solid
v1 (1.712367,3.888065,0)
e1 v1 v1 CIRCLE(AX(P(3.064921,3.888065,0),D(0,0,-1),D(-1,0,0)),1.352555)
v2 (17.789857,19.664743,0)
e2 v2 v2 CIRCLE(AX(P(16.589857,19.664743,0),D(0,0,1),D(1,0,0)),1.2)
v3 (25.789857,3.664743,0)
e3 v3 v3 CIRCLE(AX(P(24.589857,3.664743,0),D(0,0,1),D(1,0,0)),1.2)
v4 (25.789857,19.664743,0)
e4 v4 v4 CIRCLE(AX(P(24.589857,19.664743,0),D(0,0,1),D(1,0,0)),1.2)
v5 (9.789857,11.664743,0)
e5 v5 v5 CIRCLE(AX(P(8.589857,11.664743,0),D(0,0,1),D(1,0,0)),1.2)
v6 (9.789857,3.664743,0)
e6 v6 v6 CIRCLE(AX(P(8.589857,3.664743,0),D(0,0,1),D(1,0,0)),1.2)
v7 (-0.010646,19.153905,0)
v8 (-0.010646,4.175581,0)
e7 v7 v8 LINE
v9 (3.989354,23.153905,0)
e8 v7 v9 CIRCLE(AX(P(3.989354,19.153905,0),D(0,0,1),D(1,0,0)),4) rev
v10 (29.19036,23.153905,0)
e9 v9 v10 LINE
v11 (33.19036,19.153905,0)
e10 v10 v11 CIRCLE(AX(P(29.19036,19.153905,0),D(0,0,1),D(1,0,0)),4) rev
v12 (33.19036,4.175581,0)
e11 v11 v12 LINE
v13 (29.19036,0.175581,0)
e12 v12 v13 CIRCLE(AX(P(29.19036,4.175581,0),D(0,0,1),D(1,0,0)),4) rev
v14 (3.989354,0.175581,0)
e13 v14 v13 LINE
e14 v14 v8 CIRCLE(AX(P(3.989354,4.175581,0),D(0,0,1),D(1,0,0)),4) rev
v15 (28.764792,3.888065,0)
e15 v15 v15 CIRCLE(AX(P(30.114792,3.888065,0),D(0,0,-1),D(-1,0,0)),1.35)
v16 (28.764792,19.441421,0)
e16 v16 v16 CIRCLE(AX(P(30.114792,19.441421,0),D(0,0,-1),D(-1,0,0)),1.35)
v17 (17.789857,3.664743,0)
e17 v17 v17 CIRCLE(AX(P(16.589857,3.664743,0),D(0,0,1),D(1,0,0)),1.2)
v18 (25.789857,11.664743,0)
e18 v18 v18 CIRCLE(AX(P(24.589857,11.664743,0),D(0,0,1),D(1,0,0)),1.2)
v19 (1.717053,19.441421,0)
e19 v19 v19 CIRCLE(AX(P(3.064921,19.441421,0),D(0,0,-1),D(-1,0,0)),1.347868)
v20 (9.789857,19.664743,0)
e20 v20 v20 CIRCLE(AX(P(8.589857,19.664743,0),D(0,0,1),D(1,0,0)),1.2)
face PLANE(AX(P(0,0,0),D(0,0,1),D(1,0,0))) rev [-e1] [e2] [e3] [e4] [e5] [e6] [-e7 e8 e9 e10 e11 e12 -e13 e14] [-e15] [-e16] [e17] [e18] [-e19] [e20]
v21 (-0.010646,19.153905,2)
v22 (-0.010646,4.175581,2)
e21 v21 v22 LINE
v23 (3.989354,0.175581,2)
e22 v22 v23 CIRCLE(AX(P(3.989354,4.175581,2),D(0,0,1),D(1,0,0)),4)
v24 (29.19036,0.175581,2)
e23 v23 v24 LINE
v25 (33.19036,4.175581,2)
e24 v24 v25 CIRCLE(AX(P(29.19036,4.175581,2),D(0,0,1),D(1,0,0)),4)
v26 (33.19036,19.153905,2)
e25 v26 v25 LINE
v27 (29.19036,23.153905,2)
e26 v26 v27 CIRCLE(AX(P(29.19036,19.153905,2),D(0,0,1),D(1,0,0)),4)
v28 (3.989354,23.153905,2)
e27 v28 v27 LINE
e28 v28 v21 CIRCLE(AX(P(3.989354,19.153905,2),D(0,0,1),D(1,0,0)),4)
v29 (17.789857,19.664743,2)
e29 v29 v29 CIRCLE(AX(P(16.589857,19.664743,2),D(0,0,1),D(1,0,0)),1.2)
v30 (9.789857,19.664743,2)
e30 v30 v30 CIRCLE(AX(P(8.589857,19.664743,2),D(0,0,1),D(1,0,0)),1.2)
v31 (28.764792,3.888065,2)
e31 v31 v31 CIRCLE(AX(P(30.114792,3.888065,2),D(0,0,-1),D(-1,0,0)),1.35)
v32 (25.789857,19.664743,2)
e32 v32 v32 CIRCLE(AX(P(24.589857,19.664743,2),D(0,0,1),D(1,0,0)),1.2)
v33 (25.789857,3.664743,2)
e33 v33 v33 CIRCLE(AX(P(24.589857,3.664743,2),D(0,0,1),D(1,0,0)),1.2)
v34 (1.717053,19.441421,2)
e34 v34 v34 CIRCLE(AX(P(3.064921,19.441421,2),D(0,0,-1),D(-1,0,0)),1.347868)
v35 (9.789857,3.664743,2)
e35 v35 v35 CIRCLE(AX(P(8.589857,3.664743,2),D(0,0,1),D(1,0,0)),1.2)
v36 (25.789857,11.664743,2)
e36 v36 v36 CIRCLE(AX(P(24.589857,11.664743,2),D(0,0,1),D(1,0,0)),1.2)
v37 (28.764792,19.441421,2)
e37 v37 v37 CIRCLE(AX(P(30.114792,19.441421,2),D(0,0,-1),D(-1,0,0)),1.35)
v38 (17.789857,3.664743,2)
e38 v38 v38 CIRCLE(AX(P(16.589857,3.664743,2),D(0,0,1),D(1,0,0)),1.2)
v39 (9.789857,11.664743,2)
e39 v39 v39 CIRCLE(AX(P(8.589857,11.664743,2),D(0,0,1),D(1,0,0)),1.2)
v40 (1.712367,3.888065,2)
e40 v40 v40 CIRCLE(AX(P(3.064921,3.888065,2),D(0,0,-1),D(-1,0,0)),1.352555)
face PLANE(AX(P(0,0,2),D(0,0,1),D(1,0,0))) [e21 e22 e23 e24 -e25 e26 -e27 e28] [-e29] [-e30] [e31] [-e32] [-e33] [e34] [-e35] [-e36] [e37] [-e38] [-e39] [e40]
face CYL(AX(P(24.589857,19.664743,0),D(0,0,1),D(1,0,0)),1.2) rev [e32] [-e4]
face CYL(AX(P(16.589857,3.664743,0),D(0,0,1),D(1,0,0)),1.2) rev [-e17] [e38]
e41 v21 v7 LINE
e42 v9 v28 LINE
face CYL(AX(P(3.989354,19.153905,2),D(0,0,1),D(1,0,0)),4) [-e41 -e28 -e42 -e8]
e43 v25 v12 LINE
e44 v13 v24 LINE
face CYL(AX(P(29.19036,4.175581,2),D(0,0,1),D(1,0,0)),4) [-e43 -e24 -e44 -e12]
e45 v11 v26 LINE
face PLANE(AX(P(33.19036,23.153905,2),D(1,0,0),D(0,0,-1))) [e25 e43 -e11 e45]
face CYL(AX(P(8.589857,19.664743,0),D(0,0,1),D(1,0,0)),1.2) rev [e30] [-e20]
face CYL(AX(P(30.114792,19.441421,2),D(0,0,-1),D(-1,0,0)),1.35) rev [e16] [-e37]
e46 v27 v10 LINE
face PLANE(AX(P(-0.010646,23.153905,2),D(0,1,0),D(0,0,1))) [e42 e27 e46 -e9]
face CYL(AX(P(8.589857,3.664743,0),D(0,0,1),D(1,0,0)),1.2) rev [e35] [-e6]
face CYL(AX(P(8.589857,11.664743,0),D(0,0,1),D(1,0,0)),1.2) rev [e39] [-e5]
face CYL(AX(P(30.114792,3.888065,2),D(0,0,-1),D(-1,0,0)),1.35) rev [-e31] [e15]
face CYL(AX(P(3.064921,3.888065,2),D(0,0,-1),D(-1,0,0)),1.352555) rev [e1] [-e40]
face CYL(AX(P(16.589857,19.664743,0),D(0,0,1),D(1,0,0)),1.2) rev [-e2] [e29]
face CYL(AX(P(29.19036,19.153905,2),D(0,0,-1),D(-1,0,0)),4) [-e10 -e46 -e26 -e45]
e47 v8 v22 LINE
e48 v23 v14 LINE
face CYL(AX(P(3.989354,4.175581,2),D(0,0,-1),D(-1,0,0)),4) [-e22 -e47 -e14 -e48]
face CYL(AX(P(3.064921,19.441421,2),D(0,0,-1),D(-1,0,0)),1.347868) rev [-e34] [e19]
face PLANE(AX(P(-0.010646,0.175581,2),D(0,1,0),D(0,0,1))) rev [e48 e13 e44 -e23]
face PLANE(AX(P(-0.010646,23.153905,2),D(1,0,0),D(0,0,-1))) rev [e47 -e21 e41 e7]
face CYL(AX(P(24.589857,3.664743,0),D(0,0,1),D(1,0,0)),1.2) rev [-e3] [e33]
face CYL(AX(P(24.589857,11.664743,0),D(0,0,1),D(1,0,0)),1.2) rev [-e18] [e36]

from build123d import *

# Parameters (mm, degrees)
CROQUIS1_W              = 33.201006025
CROQUIS1_H              = 22.978323476
SALIENTE_EXTRUIR1_DEPTH = 2
CROQUIS3_R              = 1.35
CROQUIS3_R_2            = 1.347868192
CROQUIS3_R_3            = 1.352554563
CORTAR_EXTRUIR2_DEPTH   = 41.51793761
REDONDEO2_R             = 4
REDONDEO3_R             = 4
CORTAR_EXTRUIR3_DEPTH   = 41.51793761


with BuildPart() as part:
    # Croquis1 → Saliente-Extruir1 (new body)
    with BuildSketch(Plane.XY):
        with Locations((16.58985656, 11.664742893)):
            Rectangle(CROQUIS1_W, CROQUIS1_H)
    extrude(amount=SALIENTE_EXTRUIR1_DEPTH)

    # Croquis3 → Cortar-Extruir2 (cut, through all)
    with BuildSketch(Plane(origin=(0, 0, 0), x_dir=(-1, 0, 0), z_dir=(0, 0, -1))):
        with Locations((-30.114791782, 19.441420757)):
            Circle(CROQUIS3_R)
        with Locations((-3.064921335, 19.441420756)):
            Circle(CROQUIS3_R_2)
        with Locations((-3.064921337, 3.888065031)):
            Circle(CROQUIS3_R_3)
        with Locations((-30.114791782, 3.888065031)):
            Circle(CROQUIS3_R)
    extrude(amount=-CORTAR_EXTRUIR2_DEPTH, mode=Mode.SUBTRACT)

    # Redondeo2
    redondeo2_edges = [part.edges().sort_by_distance(p)[0] for p in [
        (33.190359572, 23.153904631, 1),
        (33.190359572, 0.175581155, 1),
    ]]
    fillet(redondeo2_edges, radius=REDONDEO2_R)

    # Redondeo3
    redondeo3_edges = [part.edges().sort_by_distance(p)[0] for p in [
        (-0.010646453, 23.153904631, 1),
        (-0.010646453, 0.175581155, 1),
    ]]
    fillet(redondeo3_edges, radius=REDONDEO3_R)

    # Croquis4 → Cortar-Extruir3 (cut, through all)
    with BuildSketch(Plane.XY.offset(2)):
        with BuildLine():
            Line((8.589856559, 18.464742893), (8.589856559, 19.664742893))
            Line((8.589856559, 19.664742893), (9.789856559, 19.664742893))
            ThreePointArc((9.789856559, 19.664742893), (7.741328422, 20.513271031), (8.589856559, 18.464742893))
        make_face()
        with BuildLine():
            Line((9.789856559, 19.664742893), (8.589856559, 19.664742893))
            Line((8.589856559, 19.664742893), (8.589856559, 18.464742893))
            ThreePointArc((8.589856559, 18.464742893), (9.438384697, 18.816214756), (9.789856559, 19.664742893))
        make_face()
        with BuildLine():
            ThreePointArc((9.789856559, 11.664742893), (9.438384697, 12.513271031), (8.589856559, 12.864742893))
            Line((8.589856559, 12.864742893), (8.589856559, 10.464742893))
            ThreePointArc((8.589856559, 10.464742893), (9.438384697, 10.816214756), (9.789856559, 11.664742893))
        make_face()
        with BuildLine():
            Line((8.589856559, 10.464742893), (8.589856559, 12.864742893))
            ThreePointArc((8.589856559, 12.864742893), (7.389856559, 11.664742893), (8.589856559, 10.464742893))
        make_face()
        with BuildLine():
            ThreePointArc((9.789856559, 3.664742893), (9.438384697, 4.513271031), (8.589856559, 4.864742893))
            Line((8.589856559, 4.864742893), (8.589856559, 3.664742893))
            Line((8.589856559, 3.664742893), (9.789856559, 3.664742893))
        make_face()
        with BuildLine():
            Line((8.589856559, 3.664742893), (8.589856559, 4.864742893))
            ThreePointArc((8.589856559, 4.864742893), (7.741328422, 2.816214756), (9.789856559, 3.664742893))
            Line((9.789856559, 3.664742893), (8.589856559, 3.664742893))
        make_face()
        with BuildLine():
            ThreePointArc((17.789856559, 3.664742893), (16.589856559, 4.864742893), (15.389856559, 3.664742893))
            Line((15.389856559, 3.664742893), (17.789856559, 3.664742893))
        make_face()
        with BuildLine():
            Line((17.789856559, 3.664742893), (15.389856559, 3.664742893))
            ThreePointArc((15.389856559, 3.664742893), (16.589856559, 2.464742893), (17.789856559, 3.664742893))
        make_face()
        with BuildLine():
            ThreePointArc((25.789856559, 3.664742893), (25.438384697, 4.513271031), (24.589856559, 4.864742893))
            Line((24.589856559, 4.864742893), (24.589856559, 3.664742893))
            Line((24.589856559, 3.664742893), (23.389856559, 3.664742893))
            ThreePointArc((23.389856559, 3.664742893), (24.589856559, 2.464742893), (25.789856559, 3.664742893))
        make_face()
        with BuildLine():
            Line((24.589856559, 3.664742893), (24.589856559, 4.864742893))
            ThreePointArc((24.589856559, 4.864742893), (23.741328422, 4.513271031), (23.389856559, 3.664742893))
            Line((23.389856559, 3.664742893), (24.589856559, 3.664742893))
        make_face()
        with BuildLine():
            ThreePointArc((25.789856559, 11.664742893), (25.438384697, 12.513271031), (24.589856559, 12.864742893))
            Line((24.589856559, 12.864742893), (24.589856559, 10.464742893))
            ThreePointArc((24.589856559, 10.464742893), (25.438384697, 10.816214756), (25.789856559, 11.664742893))
        make_face()
        with BuildLine():
            Line((24.589856559, 10.464742893), (24.589856559, 12.864742893))
            ThreePointArc((24.589856559, 12.864742893), (23.389856559, 11.664742893), (24.589856559, 10.464742893))
        make_face()
        with BuildLine():
            ThreePointArc((25.789856559, 19.664742893), (24.589856559, 20.864742893), (23.389856559, 19.664742893))
            Line((23.389856559, 19.664742893), (24.589856559, 19.664742893))
            Line((24.589856559, 19.664742893), (24.589856559, 18.464742893))
            ThreePointArc((24.589856559, 18.464742893), (25.438384697, 18.816214756), (25.789856559, 19.664742893))
        make_face()
        with BuildLine():
            Line((24.589856559, 19.664742893), (23.389856559, 19.664742893))
            ThreePointArc((23.389856559, 19.664742893), (23.741328422, 18.816214756), (24.589856559, 18.464742893))
            Line((24.589856559, 18.464742893), (24.589856559, 19.664742893))
        make_face()
        with BuildLine():
            ThreePointArc((17.789856559, 19.664742893), (16.589856559, 20.864742893), (15.389856559, 19.664742893))
            Line((15.389856559, 19.664742893), (17.789856559, 19.664742893))
        make_face()
        with BuildLine():
            Line((17.789856559, 19.664742893), (15.389856559, 19.664742893))
            ThreePointArc((15.389856559, 19.664742893), (16.589856559, 18.464742893), (17.789856559, 19.664742893))
        make_face()
    extrude(amount=-CORTAR_EXTRUIR3_DEPTH, mode=Mode.SUBTRACT)


solid = part.part
